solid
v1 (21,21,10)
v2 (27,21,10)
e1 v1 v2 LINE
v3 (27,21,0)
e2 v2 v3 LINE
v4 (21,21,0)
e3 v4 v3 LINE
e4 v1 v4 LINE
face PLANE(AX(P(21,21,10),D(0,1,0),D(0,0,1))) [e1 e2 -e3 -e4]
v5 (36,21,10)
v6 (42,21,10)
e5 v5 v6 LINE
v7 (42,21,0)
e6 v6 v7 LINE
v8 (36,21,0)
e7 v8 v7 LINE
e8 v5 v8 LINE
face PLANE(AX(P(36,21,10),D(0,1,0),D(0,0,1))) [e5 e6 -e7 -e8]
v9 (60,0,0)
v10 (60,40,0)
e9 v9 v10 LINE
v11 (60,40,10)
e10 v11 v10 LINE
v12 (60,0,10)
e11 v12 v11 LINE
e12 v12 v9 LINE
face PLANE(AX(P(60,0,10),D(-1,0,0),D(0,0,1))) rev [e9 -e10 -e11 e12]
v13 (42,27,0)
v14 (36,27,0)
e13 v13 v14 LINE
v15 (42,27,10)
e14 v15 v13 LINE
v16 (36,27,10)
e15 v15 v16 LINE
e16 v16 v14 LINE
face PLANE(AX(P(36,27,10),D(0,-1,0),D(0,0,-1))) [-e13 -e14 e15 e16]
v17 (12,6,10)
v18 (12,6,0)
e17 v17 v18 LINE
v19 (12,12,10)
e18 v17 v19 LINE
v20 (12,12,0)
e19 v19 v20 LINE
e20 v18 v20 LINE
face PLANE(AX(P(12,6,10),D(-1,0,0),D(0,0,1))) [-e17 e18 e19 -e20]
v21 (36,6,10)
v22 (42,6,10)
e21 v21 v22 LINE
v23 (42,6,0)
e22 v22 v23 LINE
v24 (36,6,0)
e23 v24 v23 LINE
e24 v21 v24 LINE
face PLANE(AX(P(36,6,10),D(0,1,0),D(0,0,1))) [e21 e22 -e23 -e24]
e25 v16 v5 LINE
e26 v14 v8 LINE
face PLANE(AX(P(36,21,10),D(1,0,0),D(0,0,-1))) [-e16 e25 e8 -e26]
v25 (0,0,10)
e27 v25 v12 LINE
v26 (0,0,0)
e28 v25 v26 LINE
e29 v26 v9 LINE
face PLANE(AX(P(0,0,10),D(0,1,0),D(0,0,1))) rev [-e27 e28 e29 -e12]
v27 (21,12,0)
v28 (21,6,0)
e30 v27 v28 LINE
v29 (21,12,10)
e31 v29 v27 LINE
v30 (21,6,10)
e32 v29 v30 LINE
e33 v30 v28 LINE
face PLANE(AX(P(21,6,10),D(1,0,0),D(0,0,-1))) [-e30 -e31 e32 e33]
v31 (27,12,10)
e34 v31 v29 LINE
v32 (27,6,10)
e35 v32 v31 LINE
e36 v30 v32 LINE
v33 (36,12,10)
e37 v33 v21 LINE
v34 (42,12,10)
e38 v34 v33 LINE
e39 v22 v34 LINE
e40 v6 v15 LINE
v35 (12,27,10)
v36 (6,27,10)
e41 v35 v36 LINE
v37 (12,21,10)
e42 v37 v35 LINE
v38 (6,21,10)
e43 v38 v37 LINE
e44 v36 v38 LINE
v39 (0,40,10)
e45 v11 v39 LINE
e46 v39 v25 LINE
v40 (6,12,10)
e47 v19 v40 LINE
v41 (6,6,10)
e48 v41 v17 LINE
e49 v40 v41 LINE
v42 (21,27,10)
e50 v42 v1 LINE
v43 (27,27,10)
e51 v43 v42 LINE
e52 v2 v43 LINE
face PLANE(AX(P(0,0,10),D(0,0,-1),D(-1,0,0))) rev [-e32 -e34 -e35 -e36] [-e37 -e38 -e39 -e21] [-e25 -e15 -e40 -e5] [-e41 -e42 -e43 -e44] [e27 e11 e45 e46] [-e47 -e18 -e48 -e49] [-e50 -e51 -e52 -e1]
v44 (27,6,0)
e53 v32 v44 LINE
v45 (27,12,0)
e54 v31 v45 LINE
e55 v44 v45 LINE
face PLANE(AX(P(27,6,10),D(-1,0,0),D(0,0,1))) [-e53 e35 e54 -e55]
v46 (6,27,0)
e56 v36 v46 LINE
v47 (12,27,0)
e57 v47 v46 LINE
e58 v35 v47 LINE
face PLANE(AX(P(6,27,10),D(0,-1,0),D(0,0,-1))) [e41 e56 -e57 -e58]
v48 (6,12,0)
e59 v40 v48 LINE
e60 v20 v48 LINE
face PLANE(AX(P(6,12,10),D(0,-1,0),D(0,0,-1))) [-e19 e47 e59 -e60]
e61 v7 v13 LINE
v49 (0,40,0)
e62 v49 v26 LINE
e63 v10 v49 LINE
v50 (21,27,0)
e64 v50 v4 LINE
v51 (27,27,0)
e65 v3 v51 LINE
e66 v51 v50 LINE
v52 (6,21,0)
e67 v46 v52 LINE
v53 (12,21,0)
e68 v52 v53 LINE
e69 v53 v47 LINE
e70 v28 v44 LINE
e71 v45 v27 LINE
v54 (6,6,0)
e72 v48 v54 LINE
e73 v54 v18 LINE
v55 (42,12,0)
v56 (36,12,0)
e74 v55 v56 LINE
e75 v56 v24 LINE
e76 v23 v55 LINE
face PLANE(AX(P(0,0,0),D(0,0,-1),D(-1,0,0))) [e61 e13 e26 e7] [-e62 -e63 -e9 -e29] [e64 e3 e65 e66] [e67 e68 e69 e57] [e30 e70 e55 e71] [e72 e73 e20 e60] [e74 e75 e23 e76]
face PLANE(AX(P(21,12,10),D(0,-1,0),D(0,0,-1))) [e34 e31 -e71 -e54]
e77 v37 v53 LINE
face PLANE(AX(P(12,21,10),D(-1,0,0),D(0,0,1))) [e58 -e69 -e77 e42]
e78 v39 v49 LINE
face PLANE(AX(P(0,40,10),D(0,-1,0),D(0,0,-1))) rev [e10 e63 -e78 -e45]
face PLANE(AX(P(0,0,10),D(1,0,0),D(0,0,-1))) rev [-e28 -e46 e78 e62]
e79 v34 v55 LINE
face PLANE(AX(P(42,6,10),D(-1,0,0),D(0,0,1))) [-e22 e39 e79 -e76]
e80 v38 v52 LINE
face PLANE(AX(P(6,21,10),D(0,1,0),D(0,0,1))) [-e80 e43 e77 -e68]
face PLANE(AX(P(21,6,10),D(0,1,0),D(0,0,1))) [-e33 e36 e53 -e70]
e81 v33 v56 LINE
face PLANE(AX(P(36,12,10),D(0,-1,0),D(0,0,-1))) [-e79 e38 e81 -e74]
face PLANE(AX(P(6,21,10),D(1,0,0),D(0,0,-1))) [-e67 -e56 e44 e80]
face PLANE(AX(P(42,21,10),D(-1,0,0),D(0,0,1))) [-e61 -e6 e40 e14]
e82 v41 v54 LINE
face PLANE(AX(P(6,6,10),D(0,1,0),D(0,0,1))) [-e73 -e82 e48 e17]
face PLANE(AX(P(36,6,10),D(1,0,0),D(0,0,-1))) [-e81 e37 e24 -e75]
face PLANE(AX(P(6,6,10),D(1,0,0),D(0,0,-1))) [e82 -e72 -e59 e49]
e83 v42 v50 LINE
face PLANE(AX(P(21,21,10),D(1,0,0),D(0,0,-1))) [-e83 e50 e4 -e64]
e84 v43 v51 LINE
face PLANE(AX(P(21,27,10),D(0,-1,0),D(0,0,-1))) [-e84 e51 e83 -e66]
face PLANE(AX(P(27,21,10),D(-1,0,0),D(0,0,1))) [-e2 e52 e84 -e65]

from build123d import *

# Parameters (mm, degrees)
SKETCH1_W            = 60
SKETCH1_H            = 40
BOSS_EXTRUDE1_DEPTH  = 10
SKETCH2_W            = 6
SKETCH2_H            = 6
CUT_EXTRUDE1_DEPTH   = 73.801098893
LPATTERN1_COUNT      = 3
LPATTERN1_PITCH      = 15
LPATTERN1_COUNT_DIR2 = 2
LPATTERN1_PITCH_DIR2 = 15


with BuildPart() as part:
    # Sketch1 → Boss-Extrude1 (new body)
    with BuildSketch(Plane.XY):
        with Locations((30, 20)):
            Rectangle(SKETCH1_W, SKETCH1_H)
    extrude(amount=BOSS_EXTRUDE1_DEPTH)

    # Sketch2 → Cut-Extrude1 (cut, through all)
    with BuildSketch(Plane.XY):
        with Locations((9, 9)):
            Rectangle(SKETCH2_W, SKETCH2_H)
    cut_extrude1 = extrude(amount=CUT_EXTRUDE1_DEPTH, mode=Mode.SUBTRACT)

    # LPattern1: Cut-Extrude1 3 × 2
    with Locations(*[(i * LPATTERN1_PITCH, j * LPATTERN1_PITCH_DIR2, 0) for i in range(LPATTERN1_COUNT) for j in range(LPATTERN1_COUNT_DIR2) if (i, j) != (0, 0)]):
        add(cut_extrude1, mode=Mode.SUBTRACT)


solid = part.part
